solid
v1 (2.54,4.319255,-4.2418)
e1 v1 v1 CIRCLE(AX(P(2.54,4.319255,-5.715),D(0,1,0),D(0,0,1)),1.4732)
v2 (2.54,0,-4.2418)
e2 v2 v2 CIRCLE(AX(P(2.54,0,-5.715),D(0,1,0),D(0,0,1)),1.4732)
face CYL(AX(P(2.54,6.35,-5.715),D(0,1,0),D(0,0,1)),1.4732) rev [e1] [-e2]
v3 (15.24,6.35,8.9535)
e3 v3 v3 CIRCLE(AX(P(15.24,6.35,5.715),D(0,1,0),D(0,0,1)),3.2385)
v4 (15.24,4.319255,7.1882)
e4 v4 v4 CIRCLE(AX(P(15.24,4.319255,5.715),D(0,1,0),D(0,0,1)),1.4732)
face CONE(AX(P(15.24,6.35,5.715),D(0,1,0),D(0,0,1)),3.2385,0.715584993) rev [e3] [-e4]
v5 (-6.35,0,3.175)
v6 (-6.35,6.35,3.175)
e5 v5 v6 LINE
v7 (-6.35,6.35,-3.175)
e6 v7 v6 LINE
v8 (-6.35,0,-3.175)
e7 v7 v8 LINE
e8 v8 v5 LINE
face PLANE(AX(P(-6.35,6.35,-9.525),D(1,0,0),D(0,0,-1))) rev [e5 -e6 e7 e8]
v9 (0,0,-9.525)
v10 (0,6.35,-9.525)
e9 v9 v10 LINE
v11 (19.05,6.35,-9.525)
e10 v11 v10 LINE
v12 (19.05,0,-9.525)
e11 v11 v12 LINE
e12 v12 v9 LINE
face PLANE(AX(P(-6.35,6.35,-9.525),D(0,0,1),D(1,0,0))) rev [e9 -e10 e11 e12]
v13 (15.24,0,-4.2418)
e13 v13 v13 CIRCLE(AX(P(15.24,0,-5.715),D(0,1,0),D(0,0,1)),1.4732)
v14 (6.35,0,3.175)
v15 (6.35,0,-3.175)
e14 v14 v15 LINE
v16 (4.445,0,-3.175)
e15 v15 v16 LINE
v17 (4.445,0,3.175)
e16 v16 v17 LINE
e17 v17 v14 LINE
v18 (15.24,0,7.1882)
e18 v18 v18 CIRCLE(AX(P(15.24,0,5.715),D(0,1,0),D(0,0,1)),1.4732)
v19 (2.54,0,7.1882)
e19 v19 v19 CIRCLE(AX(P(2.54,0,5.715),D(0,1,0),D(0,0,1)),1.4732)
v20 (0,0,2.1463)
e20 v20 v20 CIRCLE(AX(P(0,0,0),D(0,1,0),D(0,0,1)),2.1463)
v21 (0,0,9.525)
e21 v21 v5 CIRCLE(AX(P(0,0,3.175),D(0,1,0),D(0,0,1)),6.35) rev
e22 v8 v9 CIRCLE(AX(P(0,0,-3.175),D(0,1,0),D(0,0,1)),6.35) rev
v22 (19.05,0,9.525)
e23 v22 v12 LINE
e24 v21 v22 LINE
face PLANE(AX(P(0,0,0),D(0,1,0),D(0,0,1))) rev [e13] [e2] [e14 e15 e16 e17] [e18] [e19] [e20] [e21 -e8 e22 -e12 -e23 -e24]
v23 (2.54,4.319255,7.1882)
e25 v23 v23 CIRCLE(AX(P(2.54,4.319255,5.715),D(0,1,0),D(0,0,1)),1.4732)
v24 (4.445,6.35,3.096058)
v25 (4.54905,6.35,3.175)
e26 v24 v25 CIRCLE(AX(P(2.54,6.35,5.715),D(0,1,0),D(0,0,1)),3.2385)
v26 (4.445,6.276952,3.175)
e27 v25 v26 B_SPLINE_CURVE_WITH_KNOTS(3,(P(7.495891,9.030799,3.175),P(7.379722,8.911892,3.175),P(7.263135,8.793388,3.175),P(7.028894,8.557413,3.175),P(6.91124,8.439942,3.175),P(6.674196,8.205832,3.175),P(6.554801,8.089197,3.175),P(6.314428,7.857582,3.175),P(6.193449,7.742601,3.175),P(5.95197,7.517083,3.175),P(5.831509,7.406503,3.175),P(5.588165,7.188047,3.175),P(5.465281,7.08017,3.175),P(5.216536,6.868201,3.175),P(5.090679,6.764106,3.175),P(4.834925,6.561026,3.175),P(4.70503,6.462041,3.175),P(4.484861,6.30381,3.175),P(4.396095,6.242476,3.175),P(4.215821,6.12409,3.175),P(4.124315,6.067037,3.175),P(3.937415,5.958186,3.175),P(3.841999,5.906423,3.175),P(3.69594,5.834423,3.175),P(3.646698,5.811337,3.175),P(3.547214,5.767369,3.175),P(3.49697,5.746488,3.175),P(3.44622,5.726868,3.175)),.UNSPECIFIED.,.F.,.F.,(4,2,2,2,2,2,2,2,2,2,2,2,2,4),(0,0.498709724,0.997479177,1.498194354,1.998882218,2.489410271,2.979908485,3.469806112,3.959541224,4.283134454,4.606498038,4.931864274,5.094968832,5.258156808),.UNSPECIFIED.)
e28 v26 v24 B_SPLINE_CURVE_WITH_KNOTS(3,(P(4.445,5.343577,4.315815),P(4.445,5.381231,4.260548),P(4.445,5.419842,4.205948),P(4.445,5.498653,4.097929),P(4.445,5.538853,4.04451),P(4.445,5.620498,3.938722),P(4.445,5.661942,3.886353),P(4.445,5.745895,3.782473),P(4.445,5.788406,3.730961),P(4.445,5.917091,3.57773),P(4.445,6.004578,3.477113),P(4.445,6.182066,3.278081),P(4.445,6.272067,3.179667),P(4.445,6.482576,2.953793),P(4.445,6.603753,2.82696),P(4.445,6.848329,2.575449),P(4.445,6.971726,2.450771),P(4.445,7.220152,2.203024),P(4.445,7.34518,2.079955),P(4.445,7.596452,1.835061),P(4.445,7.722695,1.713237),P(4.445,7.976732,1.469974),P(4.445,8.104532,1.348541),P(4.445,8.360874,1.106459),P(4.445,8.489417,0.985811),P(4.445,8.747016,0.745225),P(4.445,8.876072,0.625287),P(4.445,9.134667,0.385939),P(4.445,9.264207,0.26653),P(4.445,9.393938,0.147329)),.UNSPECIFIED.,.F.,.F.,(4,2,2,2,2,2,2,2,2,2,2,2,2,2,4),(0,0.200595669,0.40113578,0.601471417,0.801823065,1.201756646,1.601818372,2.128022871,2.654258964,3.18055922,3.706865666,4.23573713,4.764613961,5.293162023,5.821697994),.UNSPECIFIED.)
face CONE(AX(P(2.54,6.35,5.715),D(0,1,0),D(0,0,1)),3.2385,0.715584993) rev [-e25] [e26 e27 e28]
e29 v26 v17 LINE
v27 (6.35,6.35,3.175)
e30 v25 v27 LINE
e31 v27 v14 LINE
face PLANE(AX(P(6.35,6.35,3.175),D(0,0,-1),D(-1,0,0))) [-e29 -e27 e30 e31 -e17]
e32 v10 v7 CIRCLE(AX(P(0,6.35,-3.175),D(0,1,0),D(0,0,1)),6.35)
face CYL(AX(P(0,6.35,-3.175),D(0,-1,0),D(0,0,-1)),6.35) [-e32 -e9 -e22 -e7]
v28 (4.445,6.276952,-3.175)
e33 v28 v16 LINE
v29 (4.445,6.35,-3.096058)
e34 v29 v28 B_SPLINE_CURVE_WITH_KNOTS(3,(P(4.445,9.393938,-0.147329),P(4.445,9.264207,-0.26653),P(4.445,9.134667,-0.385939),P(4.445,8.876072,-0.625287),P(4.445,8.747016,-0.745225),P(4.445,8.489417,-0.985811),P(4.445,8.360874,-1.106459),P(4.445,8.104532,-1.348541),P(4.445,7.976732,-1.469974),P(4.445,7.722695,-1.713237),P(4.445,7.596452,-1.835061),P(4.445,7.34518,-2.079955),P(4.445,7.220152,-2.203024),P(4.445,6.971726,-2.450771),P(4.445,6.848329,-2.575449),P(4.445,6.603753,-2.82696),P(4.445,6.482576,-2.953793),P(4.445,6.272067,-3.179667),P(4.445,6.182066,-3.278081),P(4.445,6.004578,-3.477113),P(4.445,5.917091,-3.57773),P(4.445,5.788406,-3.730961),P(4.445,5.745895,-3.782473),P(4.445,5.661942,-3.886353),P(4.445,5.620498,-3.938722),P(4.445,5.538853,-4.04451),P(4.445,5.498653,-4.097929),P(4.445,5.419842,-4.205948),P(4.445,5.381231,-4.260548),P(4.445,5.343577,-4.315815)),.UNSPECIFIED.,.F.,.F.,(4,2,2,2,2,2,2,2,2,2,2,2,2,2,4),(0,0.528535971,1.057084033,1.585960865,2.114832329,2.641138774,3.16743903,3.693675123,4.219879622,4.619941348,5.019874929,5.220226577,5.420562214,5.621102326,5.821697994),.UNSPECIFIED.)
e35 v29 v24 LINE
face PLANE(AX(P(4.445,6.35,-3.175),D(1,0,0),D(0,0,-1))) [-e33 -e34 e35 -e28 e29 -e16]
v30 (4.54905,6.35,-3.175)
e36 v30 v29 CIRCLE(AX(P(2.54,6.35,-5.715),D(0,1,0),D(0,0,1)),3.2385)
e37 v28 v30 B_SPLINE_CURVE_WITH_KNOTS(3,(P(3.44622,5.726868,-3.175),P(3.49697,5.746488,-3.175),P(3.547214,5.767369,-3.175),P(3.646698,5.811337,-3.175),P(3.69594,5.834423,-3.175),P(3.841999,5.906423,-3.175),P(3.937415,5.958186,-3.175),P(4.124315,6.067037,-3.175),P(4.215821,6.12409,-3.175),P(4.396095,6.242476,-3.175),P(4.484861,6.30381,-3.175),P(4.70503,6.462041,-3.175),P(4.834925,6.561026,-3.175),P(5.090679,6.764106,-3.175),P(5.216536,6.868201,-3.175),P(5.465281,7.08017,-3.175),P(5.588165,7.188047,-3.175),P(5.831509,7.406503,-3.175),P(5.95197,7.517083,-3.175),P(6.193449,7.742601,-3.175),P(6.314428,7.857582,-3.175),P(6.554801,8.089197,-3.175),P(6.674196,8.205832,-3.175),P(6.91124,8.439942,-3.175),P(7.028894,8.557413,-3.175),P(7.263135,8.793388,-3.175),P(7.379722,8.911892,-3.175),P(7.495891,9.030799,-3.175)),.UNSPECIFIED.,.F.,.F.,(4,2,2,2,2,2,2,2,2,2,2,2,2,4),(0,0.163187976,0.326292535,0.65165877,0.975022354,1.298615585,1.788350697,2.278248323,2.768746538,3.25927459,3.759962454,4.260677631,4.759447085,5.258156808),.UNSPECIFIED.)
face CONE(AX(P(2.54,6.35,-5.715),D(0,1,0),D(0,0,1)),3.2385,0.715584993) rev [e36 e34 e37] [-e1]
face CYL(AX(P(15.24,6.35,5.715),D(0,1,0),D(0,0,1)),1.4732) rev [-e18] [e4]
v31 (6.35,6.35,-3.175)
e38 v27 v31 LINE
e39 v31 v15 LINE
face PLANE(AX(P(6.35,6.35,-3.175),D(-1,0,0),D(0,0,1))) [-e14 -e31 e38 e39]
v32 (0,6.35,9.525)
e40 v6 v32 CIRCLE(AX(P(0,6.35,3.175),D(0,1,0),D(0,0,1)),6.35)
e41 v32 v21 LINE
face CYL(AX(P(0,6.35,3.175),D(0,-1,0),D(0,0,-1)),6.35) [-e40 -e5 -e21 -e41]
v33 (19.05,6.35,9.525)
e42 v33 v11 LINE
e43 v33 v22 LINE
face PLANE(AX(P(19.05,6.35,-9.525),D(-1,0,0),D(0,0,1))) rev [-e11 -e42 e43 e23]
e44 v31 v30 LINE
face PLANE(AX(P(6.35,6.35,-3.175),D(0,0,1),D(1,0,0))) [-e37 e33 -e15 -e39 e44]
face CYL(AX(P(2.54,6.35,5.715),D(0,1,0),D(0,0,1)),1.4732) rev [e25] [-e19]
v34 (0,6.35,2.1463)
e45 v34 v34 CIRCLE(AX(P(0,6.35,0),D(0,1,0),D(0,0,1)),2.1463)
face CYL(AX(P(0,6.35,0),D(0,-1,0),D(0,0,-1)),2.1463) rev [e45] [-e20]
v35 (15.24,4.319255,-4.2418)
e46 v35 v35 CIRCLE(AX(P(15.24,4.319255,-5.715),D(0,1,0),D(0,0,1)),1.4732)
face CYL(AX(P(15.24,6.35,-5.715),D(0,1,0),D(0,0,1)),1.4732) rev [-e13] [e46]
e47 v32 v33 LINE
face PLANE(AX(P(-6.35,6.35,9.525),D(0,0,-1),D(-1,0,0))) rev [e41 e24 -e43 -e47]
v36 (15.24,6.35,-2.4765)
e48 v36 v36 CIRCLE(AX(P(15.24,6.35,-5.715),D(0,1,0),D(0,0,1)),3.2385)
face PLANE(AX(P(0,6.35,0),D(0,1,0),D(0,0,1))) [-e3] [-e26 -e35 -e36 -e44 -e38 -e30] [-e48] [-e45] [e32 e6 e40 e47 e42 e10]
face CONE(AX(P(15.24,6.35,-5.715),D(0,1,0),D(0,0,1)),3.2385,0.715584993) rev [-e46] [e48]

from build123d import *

# Parameters (mm, degrees)
SKETCH1_W                                         = 25.4
SKETCH1_H                                         = 19.05
SKETCH1_R                                         = 2.1463
SKETCH1_W_2                                       = 1.905
SKETCH1_H_2                                       = 6.35
BOSS_EXTRUDE1_DEPTH                               = 6.35
CSK_FOR_4_FLAT_HEAD_SOCKET_CAP_SCREW1_D           = 2.9464
CSK_FOR_4_FLAT_HEAD_SOCKET_CAP_SCREW1_CSINK_D     = 6.477
CSK_FOR_4_FLAT_HEAD_SOCKET_CAP_SCREW1_CSINK_ANGLE = 82
FILLET1_R                                         = 6.35


with BuildPart() as part:
    # Sketch1 → Boss-Extrude1 (new body)
    with BuildSketch(Plane(origin=(0, 0, 0), x_dir=(1, 0, 0), z_dir=(0, 1, 0))):
        with Locations((6.35, 0)):
            Rectangle(SKETCH1_W, SKETCH1_H)
        Circle(SKETCH1_R, mode=Mode.SUBTRACT)
        with Locations((5.3975, 0)):
            Rectangle(SKETCH1_W_2, SKETCH1_H_2, mode=Mode.SUBTRACT)
    extrude(amount=BOSS_EXTRUDE1_DEPTH)

    # CSK for #4 Flat Head Socket Cap Screw1 (through all)
    with Locations(Plane(origin=(0, 6.35, 0), x_dir=(1, 0, 0), z_dir=(0, 1, 0))):
        with Locations((2.54, 5.715), (15.24, -5.715), (2.54, -5.715), (15.24, 5.715)):
            CounterSinkHole(CSK_FOR_4_FLAT_HEAD_SOCKET_CAP_SCREW1_D / 2, CSK_FOR_4_FLAT_HEAD_SOCKET_CAP_SCREW1_CSINK_D / 2, counter_sink_angle=CSK_FOR_4_FLAT_HEAD_SOCKET_CAP_SCREW1_CSINK_ANGLE)

    # Fillet1
    fillet1_edges = [part.edges().sort_by_distance(p)[0] for p in [
        (-6.35, 3.175, -9.525),
        (-6.35, 3.175, 9.525),
    ]]
    fillet(fillet1_edges, radius=FILLET1_R)


solid = part.part
